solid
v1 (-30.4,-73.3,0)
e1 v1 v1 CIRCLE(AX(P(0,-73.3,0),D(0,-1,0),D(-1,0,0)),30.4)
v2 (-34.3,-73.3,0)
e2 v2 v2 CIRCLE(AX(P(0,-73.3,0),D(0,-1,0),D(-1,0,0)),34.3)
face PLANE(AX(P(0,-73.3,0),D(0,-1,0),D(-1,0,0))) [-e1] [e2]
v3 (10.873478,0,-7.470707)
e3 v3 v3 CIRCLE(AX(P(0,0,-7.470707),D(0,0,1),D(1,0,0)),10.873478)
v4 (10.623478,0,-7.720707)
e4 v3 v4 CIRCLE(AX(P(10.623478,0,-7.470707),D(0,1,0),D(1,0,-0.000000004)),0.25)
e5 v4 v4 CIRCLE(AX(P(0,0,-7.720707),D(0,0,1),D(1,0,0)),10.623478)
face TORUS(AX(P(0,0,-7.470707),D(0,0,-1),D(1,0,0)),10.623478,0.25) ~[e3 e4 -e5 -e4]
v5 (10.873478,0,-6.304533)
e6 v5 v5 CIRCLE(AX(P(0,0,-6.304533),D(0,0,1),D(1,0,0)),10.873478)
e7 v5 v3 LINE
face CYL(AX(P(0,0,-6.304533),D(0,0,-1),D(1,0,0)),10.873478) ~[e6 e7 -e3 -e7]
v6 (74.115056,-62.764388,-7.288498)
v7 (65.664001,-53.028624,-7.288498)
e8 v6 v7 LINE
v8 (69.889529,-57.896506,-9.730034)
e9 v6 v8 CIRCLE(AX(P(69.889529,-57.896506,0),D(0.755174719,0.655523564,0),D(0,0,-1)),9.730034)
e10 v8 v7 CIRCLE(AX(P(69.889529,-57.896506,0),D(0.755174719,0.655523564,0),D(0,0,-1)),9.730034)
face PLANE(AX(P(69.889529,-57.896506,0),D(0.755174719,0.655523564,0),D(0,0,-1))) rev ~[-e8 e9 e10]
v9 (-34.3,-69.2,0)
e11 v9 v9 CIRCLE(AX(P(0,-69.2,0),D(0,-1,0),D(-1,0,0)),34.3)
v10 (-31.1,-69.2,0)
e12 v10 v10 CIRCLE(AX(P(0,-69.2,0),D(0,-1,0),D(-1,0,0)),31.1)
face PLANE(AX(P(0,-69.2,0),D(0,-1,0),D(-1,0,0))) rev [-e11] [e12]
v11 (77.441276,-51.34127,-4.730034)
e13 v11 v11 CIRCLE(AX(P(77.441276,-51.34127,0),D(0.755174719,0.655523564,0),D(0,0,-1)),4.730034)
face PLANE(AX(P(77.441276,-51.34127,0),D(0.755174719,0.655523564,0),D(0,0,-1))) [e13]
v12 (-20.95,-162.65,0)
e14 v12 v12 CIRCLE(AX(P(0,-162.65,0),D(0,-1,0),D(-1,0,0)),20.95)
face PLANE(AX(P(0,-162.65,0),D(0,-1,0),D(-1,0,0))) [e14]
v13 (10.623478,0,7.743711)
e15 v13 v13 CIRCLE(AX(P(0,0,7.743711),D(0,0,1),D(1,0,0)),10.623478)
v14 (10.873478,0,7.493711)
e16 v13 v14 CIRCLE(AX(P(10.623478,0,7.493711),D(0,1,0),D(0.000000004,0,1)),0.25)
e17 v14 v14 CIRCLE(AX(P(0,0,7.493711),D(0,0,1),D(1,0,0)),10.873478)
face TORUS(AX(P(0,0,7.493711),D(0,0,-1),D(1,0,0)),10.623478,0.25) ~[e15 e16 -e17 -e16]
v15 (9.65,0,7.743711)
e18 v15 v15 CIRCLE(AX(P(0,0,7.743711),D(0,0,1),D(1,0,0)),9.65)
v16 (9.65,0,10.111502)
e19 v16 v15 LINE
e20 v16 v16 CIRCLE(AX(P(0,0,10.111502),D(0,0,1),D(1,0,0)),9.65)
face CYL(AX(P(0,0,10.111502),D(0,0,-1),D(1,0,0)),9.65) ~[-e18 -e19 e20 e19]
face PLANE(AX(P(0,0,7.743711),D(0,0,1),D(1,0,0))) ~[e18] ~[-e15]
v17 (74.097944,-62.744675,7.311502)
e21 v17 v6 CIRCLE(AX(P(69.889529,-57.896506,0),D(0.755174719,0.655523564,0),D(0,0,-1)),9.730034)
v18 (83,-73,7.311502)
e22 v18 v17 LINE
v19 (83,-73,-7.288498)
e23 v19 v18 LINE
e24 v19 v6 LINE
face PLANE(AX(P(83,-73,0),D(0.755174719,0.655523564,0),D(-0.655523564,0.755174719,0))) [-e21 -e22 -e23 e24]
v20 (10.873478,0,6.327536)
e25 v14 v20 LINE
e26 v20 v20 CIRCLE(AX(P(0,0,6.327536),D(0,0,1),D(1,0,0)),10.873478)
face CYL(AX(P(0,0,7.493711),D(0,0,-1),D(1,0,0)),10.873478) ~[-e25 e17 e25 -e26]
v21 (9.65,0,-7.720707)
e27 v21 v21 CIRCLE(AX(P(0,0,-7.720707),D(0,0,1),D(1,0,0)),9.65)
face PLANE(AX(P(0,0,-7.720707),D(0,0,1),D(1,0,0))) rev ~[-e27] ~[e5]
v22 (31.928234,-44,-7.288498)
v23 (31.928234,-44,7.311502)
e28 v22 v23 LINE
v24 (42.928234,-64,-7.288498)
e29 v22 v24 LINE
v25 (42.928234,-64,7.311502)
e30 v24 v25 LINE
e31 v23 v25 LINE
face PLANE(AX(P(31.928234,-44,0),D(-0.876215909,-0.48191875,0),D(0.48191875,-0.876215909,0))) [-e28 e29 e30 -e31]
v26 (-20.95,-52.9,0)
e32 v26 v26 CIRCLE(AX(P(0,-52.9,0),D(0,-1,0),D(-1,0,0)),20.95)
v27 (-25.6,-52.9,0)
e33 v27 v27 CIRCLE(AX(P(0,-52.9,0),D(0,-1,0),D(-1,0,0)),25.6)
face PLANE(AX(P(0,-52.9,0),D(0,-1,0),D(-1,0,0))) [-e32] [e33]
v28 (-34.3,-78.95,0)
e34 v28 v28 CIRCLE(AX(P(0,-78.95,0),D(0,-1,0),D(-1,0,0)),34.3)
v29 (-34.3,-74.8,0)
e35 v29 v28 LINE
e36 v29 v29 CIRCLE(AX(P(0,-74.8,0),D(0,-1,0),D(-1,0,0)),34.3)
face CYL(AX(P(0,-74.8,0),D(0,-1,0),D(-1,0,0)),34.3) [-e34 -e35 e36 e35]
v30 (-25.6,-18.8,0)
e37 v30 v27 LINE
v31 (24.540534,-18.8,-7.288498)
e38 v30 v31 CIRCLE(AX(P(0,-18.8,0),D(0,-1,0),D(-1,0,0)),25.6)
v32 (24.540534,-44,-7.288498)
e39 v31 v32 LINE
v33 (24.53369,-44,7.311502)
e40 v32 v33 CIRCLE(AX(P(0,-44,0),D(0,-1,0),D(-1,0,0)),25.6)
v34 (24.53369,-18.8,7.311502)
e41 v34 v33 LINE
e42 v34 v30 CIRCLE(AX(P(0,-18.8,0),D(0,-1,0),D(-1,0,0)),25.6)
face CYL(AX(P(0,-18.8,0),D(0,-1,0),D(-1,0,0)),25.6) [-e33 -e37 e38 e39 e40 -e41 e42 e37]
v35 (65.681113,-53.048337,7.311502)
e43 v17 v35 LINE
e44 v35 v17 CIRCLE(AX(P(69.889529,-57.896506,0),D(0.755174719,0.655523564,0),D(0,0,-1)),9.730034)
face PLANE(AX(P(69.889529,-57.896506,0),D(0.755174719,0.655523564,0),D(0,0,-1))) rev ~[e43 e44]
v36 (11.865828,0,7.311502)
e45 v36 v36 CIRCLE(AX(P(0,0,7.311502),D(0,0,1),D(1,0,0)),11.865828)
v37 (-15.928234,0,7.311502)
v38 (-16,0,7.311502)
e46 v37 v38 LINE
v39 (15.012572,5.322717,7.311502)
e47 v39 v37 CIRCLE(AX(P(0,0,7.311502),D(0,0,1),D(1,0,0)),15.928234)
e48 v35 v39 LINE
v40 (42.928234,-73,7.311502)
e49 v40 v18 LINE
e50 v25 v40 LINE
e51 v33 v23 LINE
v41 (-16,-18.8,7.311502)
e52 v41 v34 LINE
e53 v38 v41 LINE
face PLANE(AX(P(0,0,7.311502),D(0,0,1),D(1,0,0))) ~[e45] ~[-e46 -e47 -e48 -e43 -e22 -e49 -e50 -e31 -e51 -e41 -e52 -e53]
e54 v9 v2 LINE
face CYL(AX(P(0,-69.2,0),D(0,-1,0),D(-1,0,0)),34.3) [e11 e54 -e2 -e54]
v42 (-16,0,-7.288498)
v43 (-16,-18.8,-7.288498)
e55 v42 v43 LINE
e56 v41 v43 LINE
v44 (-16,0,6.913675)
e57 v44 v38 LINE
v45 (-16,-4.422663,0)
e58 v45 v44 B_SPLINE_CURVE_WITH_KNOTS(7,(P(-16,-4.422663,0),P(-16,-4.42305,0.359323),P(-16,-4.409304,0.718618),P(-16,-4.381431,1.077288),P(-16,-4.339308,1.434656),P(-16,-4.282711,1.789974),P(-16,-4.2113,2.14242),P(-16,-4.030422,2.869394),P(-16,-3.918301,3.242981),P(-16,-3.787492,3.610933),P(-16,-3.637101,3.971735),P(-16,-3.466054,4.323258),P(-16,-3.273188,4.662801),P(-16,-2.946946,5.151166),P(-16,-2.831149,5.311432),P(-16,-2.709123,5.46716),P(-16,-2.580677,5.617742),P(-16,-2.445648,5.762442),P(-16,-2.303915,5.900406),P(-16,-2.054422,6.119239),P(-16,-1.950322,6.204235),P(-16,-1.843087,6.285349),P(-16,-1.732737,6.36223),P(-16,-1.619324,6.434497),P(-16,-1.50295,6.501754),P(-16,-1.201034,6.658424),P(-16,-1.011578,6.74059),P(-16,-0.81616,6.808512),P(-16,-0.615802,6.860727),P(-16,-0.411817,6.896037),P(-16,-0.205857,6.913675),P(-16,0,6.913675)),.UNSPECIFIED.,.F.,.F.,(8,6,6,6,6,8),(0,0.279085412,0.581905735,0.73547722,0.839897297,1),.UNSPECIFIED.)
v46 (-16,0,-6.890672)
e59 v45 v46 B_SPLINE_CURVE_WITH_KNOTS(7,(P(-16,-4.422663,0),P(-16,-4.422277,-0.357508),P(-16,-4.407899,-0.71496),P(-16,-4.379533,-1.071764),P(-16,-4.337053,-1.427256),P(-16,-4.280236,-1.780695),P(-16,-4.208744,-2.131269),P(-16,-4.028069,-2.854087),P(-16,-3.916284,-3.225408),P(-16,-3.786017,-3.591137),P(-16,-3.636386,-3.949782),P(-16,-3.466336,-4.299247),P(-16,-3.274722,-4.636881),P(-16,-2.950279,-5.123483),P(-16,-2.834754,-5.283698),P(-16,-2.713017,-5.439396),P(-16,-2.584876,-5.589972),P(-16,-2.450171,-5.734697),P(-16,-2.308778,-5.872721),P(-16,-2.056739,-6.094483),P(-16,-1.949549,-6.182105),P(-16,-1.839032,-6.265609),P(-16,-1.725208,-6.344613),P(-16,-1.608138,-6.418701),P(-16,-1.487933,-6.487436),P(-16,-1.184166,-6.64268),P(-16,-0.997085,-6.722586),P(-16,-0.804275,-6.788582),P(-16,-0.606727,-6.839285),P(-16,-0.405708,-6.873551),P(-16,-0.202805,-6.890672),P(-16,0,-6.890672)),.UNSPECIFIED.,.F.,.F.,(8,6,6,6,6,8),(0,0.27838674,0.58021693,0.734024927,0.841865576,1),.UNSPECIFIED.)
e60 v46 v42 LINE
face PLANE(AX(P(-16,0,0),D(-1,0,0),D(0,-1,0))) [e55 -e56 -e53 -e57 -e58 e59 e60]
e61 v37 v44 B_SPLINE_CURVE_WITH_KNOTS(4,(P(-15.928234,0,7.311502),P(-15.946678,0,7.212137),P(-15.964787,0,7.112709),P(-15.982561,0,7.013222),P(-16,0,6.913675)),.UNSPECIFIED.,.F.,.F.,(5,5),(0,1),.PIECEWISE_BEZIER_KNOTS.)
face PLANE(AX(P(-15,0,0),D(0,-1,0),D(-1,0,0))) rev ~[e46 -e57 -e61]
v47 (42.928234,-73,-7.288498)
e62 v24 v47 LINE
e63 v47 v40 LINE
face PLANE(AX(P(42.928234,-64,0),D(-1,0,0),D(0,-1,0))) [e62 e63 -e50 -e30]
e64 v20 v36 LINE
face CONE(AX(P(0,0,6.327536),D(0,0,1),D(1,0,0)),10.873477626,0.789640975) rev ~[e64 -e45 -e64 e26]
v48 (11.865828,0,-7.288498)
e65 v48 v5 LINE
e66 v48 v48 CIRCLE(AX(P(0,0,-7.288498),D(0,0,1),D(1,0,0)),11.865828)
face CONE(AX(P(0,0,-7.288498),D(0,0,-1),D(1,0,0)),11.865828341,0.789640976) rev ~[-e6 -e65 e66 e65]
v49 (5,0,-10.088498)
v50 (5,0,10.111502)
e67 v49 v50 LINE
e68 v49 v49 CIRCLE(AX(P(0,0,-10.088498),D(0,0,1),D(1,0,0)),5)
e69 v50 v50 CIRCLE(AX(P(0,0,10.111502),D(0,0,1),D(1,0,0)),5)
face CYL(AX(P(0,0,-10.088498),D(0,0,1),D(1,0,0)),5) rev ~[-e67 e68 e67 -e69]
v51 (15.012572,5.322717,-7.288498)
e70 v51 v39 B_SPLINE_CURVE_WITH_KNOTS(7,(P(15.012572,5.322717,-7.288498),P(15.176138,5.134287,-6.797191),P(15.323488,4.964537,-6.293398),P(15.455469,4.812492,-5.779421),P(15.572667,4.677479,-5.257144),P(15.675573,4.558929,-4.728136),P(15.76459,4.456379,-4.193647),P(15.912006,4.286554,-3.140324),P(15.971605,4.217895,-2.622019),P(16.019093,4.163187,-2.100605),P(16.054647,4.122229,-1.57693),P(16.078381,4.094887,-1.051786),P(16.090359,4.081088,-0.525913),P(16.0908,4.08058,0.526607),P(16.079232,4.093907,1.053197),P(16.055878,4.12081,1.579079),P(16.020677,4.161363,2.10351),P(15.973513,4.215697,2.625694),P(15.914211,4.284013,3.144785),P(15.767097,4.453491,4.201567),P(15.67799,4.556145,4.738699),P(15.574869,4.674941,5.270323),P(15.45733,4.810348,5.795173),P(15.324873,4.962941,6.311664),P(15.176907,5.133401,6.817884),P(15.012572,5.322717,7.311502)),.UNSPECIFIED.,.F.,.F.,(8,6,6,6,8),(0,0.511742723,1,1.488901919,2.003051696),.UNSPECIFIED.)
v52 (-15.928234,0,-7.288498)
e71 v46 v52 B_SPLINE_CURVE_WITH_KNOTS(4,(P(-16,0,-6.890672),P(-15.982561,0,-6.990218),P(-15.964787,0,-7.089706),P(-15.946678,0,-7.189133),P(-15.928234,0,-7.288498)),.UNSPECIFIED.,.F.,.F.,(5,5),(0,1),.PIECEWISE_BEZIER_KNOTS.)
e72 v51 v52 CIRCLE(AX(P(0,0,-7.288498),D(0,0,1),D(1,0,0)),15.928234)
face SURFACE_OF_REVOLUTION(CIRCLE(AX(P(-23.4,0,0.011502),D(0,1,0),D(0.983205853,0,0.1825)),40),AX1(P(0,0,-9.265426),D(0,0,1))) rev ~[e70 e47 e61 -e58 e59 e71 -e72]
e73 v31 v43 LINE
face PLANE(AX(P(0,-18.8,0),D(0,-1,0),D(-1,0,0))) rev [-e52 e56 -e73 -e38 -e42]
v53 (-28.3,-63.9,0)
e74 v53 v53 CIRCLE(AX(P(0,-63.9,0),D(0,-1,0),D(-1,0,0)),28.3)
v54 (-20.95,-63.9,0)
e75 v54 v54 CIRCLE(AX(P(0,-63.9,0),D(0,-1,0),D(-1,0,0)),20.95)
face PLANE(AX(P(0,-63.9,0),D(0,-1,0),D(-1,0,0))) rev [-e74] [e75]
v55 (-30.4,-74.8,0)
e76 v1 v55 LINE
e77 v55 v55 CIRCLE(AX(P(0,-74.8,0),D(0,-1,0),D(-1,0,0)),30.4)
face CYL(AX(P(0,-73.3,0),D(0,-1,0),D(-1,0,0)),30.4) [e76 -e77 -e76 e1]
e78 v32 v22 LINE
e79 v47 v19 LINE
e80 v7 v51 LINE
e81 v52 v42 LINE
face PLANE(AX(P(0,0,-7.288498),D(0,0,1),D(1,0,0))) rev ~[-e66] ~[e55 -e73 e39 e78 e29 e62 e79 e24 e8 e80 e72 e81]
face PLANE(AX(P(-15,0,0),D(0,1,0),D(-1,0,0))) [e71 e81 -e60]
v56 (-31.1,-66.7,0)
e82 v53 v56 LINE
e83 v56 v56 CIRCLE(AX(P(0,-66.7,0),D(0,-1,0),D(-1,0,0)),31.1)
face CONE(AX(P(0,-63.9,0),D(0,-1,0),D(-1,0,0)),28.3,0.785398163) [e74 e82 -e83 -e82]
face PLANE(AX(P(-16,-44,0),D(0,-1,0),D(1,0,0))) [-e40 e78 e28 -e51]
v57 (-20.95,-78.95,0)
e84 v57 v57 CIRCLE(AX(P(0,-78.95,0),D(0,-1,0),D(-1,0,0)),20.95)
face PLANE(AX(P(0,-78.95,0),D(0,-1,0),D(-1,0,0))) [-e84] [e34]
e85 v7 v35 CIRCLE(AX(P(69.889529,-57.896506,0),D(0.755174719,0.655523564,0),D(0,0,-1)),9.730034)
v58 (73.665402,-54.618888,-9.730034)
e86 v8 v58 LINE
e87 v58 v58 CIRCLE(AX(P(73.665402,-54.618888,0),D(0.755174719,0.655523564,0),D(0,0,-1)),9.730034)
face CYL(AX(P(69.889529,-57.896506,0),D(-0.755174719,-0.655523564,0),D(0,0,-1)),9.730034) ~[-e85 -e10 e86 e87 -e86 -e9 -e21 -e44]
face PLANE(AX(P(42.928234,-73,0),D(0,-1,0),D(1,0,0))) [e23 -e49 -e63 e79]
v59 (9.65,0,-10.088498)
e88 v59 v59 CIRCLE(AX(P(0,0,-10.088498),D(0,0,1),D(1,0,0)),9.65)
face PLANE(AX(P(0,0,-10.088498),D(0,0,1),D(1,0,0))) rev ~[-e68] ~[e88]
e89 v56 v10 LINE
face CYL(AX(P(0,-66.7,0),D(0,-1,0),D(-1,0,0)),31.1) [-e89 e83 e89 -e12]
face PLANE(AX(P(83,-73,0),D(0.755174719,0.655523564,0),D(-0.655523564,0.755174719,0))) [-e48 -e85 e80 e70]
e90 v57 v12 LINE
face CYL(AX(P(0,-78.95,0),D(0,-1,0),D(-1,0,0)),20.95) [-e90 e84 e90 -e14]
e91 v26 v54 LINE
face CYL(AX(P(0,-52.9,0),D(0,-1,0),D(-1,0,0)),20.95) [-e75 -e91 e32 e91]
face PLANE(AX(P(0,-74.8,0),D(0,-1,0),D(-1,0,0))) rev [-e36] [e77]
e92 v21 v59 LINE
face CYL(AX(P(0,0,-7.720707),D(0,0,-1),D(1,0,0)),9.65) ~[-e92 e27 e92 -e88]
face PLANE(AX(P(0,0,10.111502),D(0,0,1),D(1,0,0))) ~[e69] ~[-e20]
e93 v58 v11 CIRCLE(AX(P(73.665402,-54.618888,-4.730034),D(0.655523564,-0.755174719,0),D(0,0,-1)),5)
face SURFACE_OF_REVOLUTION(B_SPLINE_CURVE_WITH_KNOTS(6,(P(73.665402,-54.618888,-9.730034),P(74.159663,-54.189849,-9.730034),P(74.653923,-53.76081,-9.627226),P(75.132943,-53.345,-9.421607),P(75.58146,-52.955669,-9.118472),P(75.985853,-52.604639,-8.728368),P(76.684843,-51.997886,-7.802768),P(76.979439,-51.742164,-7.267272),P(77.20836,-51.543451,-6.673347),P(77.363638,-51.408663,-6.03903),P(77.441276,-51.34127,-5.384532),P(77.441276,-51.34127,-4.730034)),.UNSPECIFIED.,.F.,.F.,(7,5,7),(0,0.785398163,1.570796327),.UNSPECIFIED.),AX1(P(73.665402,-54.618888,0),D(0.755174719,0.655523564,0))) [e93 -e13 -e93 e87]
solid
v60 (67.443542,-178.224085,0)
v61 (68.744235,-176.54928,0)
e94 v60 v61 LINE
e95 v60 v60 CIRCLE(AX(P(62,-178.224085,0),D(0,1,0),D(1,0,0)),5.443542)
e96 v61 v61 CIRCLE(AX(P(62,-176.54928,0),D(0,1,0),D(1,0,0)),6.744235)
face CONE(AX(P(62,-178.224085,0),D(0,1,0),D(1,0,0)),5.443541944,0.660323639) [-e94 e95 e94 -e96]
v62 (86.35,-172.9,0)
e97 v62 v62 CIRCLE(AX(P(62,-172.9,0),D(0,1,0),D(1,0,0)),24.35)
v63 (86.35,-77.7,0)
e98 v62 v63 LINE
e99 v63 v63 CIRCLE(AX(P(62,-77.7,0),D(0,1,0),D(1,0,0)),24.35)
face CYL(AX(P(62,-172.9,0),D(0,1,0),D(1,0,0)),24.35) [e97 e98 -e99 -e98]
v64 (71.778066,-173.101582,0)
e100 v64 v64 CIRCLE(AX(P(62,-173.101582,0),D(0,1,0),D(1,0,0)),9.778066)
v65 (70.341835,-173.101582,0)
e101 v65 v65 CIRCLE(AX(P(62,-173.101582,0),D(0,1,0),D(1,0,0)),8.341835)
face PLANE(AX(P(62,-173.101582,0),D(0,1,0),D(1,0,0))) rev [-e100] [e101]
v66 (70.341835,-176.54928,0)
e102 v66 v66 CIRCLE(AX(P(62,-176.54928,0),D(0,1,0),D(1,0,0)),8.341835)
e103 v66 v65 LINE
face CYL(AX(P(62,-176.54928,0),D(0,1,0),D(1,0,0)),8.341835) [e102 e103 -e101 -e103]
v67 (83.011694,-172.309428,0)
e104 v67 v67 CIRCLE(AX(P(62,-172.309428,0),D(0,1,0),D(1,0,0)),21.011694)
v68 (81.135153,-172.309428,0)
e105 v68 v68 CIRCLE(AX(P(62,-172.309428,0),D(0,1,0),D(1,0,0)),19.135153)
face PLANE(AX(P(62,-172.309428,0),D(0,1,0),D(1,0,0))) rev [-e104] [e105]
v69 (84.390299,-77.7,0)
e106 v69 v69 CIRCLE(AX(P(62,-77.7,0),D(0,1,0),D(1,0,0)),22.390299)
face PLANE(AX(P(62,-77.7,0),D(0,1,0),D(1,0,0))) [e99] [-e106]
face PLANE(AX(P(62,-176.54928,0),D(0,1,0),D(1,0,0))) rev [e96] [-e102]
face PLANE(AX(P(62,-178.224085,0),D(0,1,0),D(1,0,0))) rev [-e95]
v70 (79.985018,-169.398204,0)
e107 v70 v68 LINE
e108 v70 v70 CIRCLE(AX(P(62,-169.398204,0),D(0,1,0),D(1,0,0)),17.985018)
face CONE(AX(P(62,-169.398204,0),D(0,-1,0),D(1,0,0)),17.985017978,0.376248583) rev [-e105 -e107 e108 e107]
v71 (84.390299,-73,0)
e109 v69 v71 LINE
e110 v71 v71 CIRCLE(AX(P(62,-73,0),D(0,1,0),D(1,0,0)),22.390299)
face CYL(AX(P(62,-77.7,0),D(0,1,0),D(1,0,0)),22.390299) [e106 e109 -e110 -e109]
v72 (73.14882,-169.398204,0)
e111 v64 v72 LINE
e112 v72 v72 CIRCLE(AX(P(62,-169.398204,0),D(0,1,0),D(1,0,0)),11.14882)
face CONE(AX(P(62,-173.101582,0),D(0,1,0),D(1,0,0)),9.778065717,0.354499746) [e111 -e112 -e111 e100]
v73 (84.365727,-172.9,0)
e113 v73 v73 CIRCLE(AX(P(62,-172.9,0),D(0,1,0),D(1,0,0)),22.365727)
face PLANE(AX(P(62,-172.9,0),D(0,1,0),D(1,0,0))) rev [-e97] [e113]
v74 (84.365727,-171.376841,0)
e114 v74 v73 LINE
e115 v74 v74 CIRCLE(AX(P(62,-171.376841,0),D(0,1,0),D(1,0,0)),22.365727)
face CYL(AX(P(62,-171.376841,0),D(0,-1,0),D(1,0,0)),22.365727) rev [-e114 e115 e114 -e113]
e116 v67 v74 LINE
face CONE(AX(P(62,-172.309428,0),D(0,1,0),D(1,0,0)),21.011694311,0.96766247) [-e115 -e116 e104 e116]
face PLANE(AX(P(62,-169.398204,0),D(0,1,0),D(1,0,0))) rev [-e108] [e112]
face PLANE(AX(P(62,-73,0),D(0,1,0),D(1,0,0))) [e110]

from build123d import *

# Parameters (mm, degrees)
EXTRUDE1_REACH             = 12.112
EXTRUDE1_DIRECTION_2_REACH = 12.088
SKETCH9_R                  = 9.730034016
EXTRUDE2_DEPTH             = 10
FILLET1_R                  = 5


with BuildPart() as part:
    # Sketch1 → Revolve1 (revolve)
    with BuildSketch(Plane(origin=(0, 0, 0), x_dir=(1, 0, 0), z_dir=(0, 1, 0))):
        with BuildLine():
            Line((5, 10.08849824), (5, -10.11150176))
            Line((5, -10.11150176), (9.65, -10.11150176))
            Line((9.65, -10.11150176), (9.65, -7.743710837))
            Line((9.65, -7.743710837), (10.623477626, -7.743710837))
            ThreePointArc((10.623477626, -7.743710837), (10.800254321, -7.670487532), (10.873477626, -7.493710837))
            Line((10.873477626, -7.493710837), (10.873477626, -6.327536233))
            Line((10.873477626, -6.327536233), (11.865828341, -7.31150176))
            Line((11.865828341, -7.31150176), (15.928234133, -7.31150176))
            ThreePointArc((15.928234133, -7.31150176), (16.6, -0.01150176), (15.928234133, 7.28849824))
            Line((15.928234133, 7.28849824), (11.865828341, 7.28849824))
            Line((11.865828341, 7.28849824), (10.873477626, 6.304532714))
            Line((10.873477626, 6.304532714), (10.873477626, 7.470707318))
            ThreePointArc((10.873477626, 7.470707318), (10.800254321, 7.647484013), (10.623477626, 7.720707318))
            Line((10.623477626, 7.720707318), (9.65, 7.720707318))
            Line((9.65, 7.720707318), (9.65, 10.08849824))
            Line((9.65, 10.08849824), (5, 10.08849824))
        make_face()
    revolve(axis=Axis((0, 0, -9.265426498), (0, 0, 1)))

    # Extrude1: up to this face of the body (flat: up to its plane)
    extrude1_end = Plane(part.part.faces().sort_by_distance((-12.316346835, 0, 7.31150176))[0])
    # Sketch2 → Extrude1 (add, up to the picked face)
    with BuildSketch(Plane.XY, mode=Mode.PRIVATE) as extrude1_sk1:
        with BuildLine():
            Line((-15, 0), (-16, 0))
            Line((-16, 0), (-16, -44))
            Line((-16, -44), (-0.071765867, -44))
            Line((-0.071765867, -44), (31.928234133, -44))
            Line((31.928234133, -44), (42.928234133, -64))
            Line((42.928234133, -64), (42.928234133, -73))
            Line((42.928234133, -73), (83, -73))
            Line((83, -73), (12.68857754, 8))
            ThreePointArc((12.68857754, 8), (4.163612428, -14.410563193), (-15, 0))
        make_face()
    extrude1_tool1 = split(extrude(extrude1_sk1.sketch, amount=EXTRUDE1_REACH, mode=Mode.PRIVATE), bisect_by=extrude1_end, keep=Keep.BOTH, mode=Mode.PRIVATE)
    add(extrude1_tool1.solids().sort_by_distance((27.055284, -37.225562, 0))[0])

    # Extrude1 direction 2: up to this face of the body (flat: up to its plane)
    extrude1_direction_2_end = Plane(part.part.faces().sort_by_distance((-15.477715638, 0, -7.28849824))[0])
    # Sketch2 → Extrude1 direction 2 (add, up to the picked face)
    with BuildSketch(Plane.XY, mode=Mode.PRIVATE) as extrude1_direction_2_sk1:
        with BuildLine():
            Line((-15, 0), (-16, 0))
            Line((-16, 0), (-16, -44))
            Line((-16, -44), (-0.071765867, -44))
            Line((-0.071765867, -44), (31.928234133, -44))
            Line((31.928234133, -44), (42.928234133, -64))
            Line((42.928234133, -64), (42.928234133, -73))
            Line((42.928234133, -73), (83, -73))
            Line((83, -73), (12.68857754, 8))
            ThreePointArc((12.68857754, 8), (4.163612428, -14.410563193), (-15, 0))
        make_face()
    extrude1_direction_2_tool1 = split(extrude(extrude1_direction_2_sk1.sketch, amount=-EXTRUDE1_DIRECTION_2_REACH, mode=Mode.PRIVATE), bisect_by=extrude1_direction_2_end, keep=Keep.BOTH, mode=Mode.PRIVATE)
    add(extrude1_direction_2_tool1.solids().sort_by_distance((27.055284, -37.225562, 0))[0])

    # Sketch5 → Revolve2 (revolve)
    with BuildSketch(Plane.XY):
        Polygon((-25.6, -18.8), (-25.6, -52.9), (-20.95, -52.9), (-20.95, -63.9), (-28.3, -63.9), (-31.1, -66.7), (-31.1, -69.2), (-34.3, -69.2), (-34.3, -73.3), (-30.4, -73.3), (-30.4, -74.8), (-34.3, -74.8), (-34.3, -78.95), (-20.95, -78.95), (-20.95, -162.65), (0, -162.65), (0, -18.8), align=None)
    revolve(axis=Axis((0, 0, 0), (0, -1, 0)))

    # Sketch9 → Extrude2 (add)
    with BuildSketch(Plane(origin=(33.351841584, -15.804444982, 0), x_dir=(0, 0, -1), z_dir=(0.755174719, 0.655523564, 0))):
        with Locations((0, -55.738174971)):
            Circle(SKETCH9_R)
    extrude(amount=EXTRUDE2_DEPTH)

    # Fillet1
    fillet1_edges = [part.edges().sort_by_distance(p)[0] for p in [
        (77.441275905, -51.341269972, 9.730034016),
    ]]
    fillet(fillet1_edges, radius=FILLET1_R)


with BuildPart() as body_2:
    # Sketch6 → Revolve3 (revolve)
    with BuildSketch(Plane.XY):
        Polygon((86.35, -172.9), (86.35, -77.7), (84.390298743, -77.7), (84.390298743, -73), (62, -73), (62, -178.224085177), (67.443541944, -178.224085177), (68.744234949, -176.549280333), (70.341835043, -176.549280333), (70.341835043, -173.101581518), (71.778065717, -173.101581518), (73.148819822, -169.398204306), (79.985017978, -169.398204306), (81.135152976, -172.309427526), (83.011694311, -172.309427526), (84.365727387, -171.37684084), (84.365727387, -172.9), align=None)
    revolve(axis=Axis((62, -208.539898489, 0), (0, 1, 0)))


solid = Compound([part.part, body_2.part])
